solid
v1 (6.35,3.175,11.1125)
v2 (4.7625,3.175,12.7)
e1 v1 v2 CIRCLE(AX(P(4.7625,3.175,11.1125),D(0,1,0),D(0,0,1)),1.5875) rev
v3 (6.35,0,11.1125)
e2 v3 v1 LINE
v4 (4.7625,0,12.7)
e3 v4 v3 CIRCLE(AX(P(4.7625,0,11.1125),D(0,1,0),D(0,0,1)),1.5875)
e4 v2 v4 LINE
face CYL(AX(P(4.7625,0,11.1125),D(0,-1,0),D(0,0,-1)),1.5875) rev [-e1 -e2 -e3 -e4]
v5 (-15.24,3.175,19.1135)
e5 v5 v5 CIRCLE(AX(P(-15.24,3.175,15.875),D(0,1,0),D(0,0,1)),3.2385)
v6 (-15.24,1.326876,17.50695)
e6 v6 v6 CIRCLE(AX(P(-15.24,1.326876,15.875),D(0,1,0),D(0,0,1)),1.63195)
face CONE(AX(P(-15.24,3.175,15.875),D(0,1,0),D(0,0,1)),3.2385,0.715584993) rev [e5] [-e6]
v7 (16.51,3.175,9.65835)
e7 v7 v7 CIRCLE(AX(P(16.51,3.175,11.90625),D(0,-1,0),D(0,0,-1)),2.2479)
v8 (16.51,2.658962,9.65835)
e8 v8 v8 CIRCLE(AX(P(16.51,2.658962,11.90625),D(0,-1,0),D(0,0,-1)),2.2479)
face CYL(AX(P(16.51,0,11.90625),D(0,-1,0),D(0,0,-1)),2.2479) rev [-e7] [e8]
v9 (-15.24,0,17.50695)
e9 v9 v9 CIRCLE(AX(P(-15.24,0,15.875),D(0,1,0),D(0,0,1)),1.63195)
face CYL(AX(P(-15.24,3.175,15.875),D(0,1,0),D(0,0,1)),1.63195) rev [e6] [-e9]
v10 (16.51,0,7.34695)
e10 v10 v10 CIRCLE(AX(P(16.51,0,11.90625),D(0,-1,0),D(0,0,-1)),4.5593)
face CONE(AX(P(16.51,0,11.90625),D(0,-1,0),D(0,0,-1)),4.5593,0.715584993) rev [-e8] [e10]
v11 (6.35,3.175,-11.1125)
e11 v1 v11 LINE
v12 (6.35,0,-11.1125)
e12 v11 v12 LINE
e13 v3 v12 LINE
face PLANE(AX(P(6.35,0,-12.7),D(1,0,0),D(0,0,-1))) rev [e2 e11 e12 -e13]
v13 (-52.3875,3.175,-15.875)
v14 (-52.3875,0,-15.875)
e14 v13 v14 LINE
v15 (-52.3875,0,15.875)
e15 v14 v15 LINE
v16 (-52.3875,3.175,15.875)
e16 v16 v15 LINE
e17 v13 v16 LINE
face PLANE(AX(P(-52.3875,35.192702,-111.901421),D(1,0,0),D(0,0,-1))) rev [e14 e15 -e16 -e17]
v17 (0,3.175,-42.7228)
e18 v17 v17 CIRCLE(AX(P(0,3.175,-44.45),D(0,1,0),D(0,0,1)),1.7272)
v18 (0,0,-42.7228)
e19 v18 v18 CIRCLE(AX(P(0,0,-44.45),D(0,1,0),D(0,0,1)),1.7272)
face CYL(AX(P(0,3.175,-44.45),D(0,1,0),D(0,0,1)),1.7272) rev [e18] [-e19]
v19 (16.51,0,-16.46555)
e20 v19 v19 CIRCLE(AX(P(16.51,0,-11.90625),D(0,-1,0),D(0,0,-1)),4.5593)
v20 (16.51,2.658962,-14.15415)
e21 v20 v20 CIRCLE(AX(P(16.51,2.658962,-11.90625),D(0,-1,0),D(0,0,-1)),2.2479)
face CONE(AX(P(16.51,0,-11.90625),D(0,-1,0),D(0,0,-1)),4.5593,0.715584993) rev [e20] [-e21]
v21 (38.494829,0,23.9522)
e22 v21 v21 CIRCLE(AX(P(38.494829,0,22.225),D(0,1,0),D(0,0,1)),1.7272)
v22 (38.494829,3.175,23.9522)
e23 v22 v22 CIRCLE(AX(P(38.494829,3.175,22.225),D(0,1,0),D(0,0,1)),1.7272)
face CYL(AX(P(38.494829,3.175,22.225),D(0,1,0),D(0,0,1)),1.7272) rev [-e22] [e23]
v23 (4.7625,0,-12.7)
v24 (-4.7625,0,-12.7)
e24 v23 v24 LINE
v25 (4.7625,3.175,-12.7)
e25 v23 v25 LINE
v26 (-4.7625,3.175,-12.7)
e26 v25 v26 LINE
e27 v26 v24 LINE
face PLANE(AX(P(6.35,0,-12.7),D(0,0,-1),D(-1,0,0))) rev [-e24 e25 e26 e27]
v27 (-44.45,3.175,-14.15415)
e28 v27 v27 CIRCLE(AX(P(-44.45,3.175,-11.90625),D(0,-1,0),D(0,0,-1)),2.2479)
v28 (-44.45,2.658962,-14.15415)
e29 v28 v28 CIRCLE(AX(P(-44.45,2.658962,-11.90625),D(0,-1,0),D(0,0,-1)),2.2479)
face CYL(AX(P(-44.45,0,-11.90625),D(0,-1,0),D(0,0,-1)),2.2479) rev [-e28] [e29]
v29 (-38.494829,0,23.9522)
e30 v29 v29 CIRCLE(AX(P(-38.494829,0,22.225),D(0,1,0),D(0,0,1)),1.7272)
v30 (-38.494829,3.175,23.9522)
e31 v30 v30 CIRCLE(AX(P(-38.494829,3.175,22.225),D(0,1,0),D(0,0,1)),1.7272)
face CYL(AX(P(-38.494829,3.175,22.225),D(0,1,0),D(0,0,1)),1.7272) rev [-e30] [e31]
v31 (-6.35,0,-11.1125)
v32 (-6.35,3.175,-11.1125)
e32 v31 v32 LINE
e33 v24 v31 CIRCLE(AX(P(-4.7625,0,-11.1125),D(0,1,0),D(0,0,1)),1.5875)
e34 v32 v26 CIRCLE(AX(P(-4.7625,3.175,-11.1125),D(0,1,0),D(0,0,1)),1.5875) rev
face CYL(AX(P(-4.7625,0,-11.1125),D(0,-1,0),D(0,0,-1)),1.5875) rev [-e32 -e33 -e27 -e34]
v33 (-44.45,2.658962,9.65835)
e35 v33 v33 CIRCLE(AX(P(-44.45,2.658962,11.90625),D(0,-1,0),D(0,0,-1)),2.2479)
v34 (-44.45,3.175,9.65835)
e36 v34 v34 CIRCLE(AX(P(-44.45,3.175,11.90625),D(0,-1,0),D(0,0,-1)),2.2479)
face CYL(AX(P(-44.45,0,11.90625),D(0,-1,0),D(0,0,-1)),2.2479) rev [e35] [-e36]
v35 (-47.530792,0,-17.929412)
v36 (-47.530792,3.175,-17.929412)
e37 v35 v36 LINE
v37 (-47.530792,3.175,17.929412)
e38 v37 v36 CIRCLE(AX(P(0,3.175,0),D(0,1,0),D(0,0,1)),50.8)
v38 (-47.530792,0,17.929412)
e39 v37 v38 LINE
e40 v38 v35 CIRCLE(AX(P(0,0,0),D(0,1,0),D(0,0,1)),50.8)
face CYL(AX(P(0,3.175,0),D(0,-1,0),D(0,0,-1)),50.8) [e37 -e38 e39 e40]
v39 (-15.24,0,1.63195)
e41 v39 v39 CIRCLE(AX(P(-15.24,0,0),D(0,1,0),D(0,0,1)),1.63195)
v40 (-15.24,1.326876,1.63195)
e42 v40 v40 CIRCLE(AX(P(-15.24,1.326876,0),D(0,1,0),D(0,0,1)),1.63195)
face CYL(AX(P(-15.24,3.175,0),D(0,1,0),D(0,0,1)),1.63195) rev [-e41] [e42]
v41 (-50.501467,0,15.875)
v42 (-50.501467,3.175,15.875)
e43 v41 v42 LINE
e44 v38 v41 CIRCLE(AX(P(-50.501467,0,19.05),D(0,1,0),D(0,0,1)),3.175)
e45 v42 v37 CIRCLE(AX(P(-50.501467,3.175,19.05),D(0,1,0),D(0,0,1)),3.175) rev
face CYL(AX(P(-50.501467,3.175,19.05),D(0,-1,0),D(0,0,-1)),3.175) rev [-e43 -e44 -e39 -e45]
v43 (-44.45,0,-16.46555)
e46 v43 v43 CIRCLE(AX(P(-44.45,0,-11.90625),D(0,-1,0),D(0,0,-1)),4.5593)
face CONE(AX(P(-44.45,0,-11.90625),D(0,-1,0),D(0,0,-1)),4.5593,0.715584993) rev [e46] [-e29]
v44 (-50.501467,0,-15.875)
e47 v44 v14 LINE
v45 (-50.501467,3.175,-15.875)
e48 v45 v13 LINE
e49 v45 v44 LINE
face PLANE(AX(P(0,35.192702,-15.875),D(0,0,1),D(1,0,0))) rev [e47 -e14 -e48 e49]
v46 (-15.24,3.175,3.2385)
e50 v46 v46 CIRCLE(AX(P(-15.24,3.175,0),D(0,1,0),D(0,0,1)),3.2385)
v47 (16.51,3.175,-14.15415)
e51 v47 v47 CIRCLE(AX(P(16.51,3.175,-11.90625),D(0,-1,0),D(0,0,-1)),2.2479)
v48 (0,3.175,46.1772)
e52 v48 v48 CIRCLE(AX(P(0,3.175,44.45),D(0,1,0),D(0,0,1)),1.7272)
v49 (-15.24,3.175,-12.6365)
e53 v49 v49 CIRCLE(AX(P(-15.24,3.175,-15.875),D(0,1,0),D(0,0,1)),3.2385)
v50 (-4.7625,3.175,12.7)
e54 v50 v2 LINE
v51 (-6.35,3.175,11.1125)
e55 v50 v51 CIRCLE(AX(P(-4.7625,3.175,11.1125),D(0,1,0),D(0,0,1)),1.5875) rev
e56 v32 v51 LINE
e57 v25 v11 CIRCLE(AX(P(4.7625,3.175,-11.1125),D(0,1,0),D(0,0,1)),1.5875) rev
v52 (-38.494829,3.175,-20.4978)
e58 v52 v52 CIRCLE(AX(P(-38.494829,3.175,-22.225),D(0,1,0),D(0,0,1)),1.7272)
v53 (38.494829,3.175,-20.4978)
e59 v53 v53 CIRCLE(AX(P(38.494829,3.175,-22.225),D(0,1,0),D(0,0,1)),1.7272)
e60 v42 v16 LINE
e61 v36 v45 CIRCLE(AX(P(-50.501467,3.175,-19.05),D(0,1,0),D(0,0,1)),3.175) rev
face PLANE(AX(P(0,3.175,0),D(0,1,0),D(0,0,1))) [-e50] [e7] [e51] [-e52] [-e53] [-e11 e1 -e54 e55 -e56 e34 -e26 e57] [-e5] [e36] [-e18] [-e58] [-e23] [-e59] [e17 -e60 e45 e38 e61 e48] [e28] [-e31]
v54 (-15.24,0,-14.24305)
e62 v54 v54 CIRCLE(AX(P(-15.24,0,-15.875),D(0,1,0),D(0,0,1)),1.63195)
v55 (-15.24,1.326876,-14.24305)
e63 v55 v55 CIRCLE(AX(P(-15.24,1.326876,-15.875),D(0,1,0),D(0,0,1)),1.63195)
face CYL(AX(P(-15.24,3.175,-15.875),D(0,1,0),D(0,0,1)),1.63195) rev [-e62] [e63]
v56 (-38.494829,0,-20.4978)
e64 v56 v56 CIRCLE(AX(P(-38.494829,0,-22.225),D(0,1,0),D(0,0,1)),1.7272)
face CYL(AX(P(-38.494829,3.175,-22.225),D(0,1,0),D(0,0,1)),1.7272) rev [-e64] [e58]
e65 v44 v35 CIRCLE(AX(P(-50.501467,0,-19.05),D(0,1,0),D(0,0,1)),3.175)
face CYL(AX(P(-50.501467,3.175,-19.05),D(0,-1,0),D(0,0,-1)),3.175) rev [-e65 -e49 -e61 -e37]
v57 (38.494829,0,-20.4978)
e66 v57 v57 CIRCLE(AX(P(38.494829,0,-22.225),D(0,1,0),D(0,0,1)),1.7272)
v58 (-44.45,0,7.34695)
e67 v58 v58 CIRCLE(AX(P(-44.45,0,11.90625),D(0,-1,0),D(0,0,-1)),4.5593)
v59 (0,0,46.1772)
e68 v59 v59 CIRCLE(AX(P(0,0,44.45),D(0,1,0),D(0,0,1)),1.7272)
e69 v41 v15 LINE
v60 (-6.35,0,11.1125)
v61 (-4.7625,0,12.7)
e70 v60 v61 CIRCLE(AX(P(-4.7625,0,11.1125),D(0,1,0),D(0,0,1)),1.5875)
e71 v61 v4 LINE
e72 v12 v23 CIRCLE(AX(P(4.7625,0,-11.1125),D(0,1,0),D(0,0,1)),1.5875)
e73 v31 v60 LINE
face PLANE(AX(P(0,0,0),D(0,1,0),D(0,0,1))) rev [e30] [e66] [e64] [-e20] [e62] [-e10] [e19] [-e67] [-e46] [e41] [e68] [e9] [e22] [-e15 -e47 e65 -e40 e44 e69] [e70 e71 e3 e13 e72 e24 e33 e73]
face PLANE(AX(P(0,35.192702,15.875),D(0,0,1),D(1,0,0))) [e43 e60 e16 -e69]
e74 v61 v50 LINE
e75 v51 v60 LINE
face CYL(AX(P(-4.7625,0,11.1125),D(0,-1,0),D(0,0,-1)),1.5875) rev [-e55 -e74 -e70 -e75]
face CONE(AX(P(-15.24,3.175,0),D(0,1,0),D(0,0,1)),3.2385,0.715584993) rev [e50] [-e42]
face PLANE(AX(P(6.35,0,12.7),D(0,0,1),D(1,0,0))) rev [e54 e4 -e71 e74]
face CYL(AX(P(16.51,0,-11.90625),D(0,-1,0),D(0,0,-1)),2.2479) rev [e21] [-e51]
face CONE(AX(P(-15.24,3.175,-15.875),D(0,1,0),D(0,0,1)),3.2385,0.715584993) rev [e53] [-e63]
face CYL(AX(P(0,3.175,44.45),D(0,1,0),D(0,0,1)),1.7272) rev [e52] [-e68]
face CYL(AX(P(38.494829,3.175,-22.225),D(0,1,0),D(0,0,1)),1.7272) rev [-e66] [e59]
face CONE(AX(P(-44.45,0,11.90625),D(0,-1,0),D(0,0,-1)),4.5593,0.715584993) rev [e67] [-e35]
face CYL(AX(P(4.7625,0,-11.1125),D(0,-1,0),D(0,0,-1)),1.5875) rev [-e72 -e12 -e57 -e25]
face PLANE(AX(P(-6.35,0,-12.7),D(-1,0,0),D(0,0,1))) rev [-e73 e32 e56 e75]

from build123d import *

# Parameters (mm, degrees)
SKETCH1_R                                     = 50.8
BOSS_EXTRUDE1_DEPTH                           = 3.175
BOSS_EXTRUDE2_DEPTH                           = 3.175
FILLET1_R                                     = 3.175
CSK_FOR_8_FLAT_HEAD_SOCKET_CAP_SCREW1_A_COUNT = 2
CSK_FOR_8_FLAT_HEAD_SOCKET_CAP_SCREW1_A_PITCH = 23.8125
CSK_FOR_8_FLAT_HEAD_SOCKET_CAP_SCRE_2_COUNT   = 2
CSK_FOR_8_FLAT_HEAD_SOCKET_CAP_SCRE_2_PITCH   = 65.445830702
CSK_FOR_8_FLAT_HEAD_SOCKET_CAP_SCRE_3_COUNT   = 2
CSK_FOR_8_FLAT_HEAD_SOCKET_CAP_SCRE_3_PITCH   = 60.96
CIRPATTERN1_COUNT                             = 6
CSK_FOR_4_FLAT_HEAD_SOCKET_CAP_SCREW2_A_COUNT = 2
CSK_FOR_4_FLAT_HEAD_SOCKET_CAP_SCREW2_A_PITCH = 15.875
CSK_FOR_4_FLAT_HEAD_SOCKET_CAP_SCRE_2_COUNT   = 2
CSK_FOR_4_FLAT_HEAD_SOCKET_CAP_SCRE_2_PITCH   = 15.875
SKETCH17_W                                    = 12.7
SKETCH17_H                                    = 25.4
CUT_EXTRUDE2_DEPTH                            = 74.042253397
FILLET2_R                                     = 1.5875


with BuildPart() as part:
    # Sketch1 → Boss-Extrude1 (new body)
    with BuildSketch(Plane(origin=(0, 0, 0), x_dir=(1, 0, 0), z_dir=(0, 1, 0))):
        with Locations(Location((0, 0, 0), (0, 0, 270))):
            Circle(SKETCH1_R)
    extrude(amount=BOSS_EXTRUDE1_DEPTH)

    # Sketch8 → Boss-Extrude2 (add)
    with BuildSketch(Plane.XZ):
        with BuildLine():
            Line((-52.3875, -15.875), (-48.255822188, -15.875))
            ThreePointArc((-48.255822188, -15.875), (-50.8, 0), (-48.255822188, 15.875))
            Line((-48.255822188, 15.875), (-52.3875, 15.875))
            Line((-52.3875, 15.875), (-52.3875, -15.875))
        make_face()
    extrude(amount=-BOSS_EXTRUDE2_DEPTH)

    # Fillet1
    fillet1_edges = [part.edges().sort_by_distance(p)[0] for p in [
        (-48.255822188, 1.5875, 15.875),
        (-48.255822188, 1.5875, -15.875),
    ]]
    fillet(fillet1_edges, radius=FILLET1_R)

    # Sketch6 → CSK for #8 Flat Head Socket Cap Screw1 (revolve, cut)
    with BuildSketch(Plane(origin=(-44.45, 0, 11.90625), x_dir=(0, 0, -1), z_dir=(1, 0, 0))):
        Polygon((0, 0), (0, 3.175), (2.2479, 3.175), (2.2479, 2.658961536), (4.5593, 0), align=None)
    csk_for_8_flat_head_socket_cap_screw1 = revolve(axis=Axis((-44.45, -6.35, 11.90625), (0, 1, 0)), mode=Mode.SUBTRACT)

    # CSK for #8 Flat Head Socket Cap Screw1 a: CSK for #8 Flat Head Socket Cap Screw1 ×2
    with Locations(*[(0, 0, -i * CSK_FOR_8_FLAT_HEAD_SOCKET_CAP_SCREW1_A_PITCH) for i in range(1, CSK_FOR_8_FLAT_HEAD_SOCKET_CAP_SCREW1_A_COUNT)]):
        add(csk_for_8_flat_head_socket_cap_screw1, mode=Mode.SUBTRACT)

    # CSK for _8 Flat Head Socket Cap Scre 2: CSK for #8 Flat Head Socket Cap Screw1 ×2
    with Locations(*[Vector(0.9314573494796193, 0, -0.36385052714047633) * (i * CSK_FOR_8_FLAT_HEAD_SOCKET_CAP_SCRE_2_PITCH) for i in range(1, CSK_FOR_8_FLAT_HEAD_SOCKET_CAP_SCRE_2_COUNT)]):
        add(csk_for_8_flat_head_socket_cap_screw1, mode=Mode.SUBTRACT)

    # CSK for _8 Flat Head Socket Cap Scre 3: CSK for #8 Flat Head Socket Cap Screw1 ×2
    with Locations(*[(i * CSK_FOR_8_FLAT_HEAD_SOCKET_CAP_SCRE_3_PITCH, 0, 0) for i in range(1, CSK_FOR_8_FLAT_HEAD_SOCKET_CAP_SCRE_3_COUNT)]):
        add(csk_for_8_flat_head_socket_cap_screw1, mode=Mode.SUBTRACT)

    # Sketch10 → #8-32 Tapped Hole1 (revolve, cut)
    with BuildSketch(Plane(origin=(0, 3.175, -44.45), x_dir=(0, 0, 1), z_dir=(1, 0, 0))):
        Polygon((0, 0), (0, 11.705806461), (1.7272, 10.668), (1.7272, 0), align=None)
    f_8_32_tapped_hole1 = revolve(axis=Axis((0, 9.525, -44.45), (0, -1, 0)), mode=Mode.SUBTRACT)

    # CirPattern1: #8-32 Tapped Hole1 ×6 about axis
    cirpattern1_axis = Axis((0, 0, 0), (0, 1, 0))
    for i in range(1, CIRPATTERN1_COUNT):
        add(f_8_32_tapped_hole1.rotate(cirpattern1_axis, i * 360 / CIRPATTERN1_COUNT), mode=Mode.SUBTRACT)

    # Sketch15 → CSK for #4 Flat Head Socket Cap Screw2 (revolve, cut)
    with BuildSketch(Plane(origin=(-15.24, 3.175, 0), x_dir=(0, 0, 1), z_dir=(1, 0, 0))):
        Polygon((0, 0), (0, 3.175), (1.63195, 3.175), (1.63195, 1.848124365), (3.2385, 0), align=None)
    csk_for_4_flat_head_socket_cap_screw2 = revolve(axis=Axis((-15.24, 9.525, 0), (0, -1, 0)), mode=Mode.SUBTRACT)

    # CSK for #4 Flat Head Socket Cap Screw2 a: CSK for #4 Flat Head Socket Cap Screw2 ×2
    with Locations(*[(0, 0, -i * CSK_FOR_4_FLAT_HEAD_SOCKET_CAP_SCREW2_A_PITCH) for i in range(1, CSK_FOR_4_FLAT_HEAD_SOCKET_CAP_SCREW2_A_COUNT)]):
        add(csk_for_4_flat_head_socket_cap_screw2, mode=Mode.SUBTRACT)

    # CSK for _4 Flat Head Socket Cap Scre 2: CSK for #4 Flat Head Socket Cap Screw2 ×2
    with Locations(*[(0, 0, i * CSK_FOR_4_FLAT_HEAD_SOCKET_CAP_SCRE_2_PITCH) for i in range(1, CSK_FOR_4_FLAT_HEAD_SOCKET_CAP_SCRE_2_COUNT)]):
        add(csk_for_4_flat_head_socket_cap_screw2, mode=Mode.SUBTRACT)

    # Sketch17 → Cut-Extrude2 (cut, through all)
    with BuildSketch(Plane(origin=(0, 3.175, 0), x_dir=(1, 0, 0), z_dir=(0, 1, 0))):
        Rectangle(SKETCH17_W, SKETCH17_H)
    extrude(amount=-CUT_EXTRUDE2_DEPTH, mode=Mode.SUBTRACT)

    # Fillet2
    fillet2_edges = [part.edges().sort_by_distance(p)[0] for p in [
        (-6.35, 1.5875, 12.7),
        (-6.35, 1.5875, -12.7),
        (6.35, 1.5875, -12.7),
        (6.35, 1.5875, 12.7),
    ]]
    fillet(fillet2_edges, radius=FILLET2_R)


solid = part.part
